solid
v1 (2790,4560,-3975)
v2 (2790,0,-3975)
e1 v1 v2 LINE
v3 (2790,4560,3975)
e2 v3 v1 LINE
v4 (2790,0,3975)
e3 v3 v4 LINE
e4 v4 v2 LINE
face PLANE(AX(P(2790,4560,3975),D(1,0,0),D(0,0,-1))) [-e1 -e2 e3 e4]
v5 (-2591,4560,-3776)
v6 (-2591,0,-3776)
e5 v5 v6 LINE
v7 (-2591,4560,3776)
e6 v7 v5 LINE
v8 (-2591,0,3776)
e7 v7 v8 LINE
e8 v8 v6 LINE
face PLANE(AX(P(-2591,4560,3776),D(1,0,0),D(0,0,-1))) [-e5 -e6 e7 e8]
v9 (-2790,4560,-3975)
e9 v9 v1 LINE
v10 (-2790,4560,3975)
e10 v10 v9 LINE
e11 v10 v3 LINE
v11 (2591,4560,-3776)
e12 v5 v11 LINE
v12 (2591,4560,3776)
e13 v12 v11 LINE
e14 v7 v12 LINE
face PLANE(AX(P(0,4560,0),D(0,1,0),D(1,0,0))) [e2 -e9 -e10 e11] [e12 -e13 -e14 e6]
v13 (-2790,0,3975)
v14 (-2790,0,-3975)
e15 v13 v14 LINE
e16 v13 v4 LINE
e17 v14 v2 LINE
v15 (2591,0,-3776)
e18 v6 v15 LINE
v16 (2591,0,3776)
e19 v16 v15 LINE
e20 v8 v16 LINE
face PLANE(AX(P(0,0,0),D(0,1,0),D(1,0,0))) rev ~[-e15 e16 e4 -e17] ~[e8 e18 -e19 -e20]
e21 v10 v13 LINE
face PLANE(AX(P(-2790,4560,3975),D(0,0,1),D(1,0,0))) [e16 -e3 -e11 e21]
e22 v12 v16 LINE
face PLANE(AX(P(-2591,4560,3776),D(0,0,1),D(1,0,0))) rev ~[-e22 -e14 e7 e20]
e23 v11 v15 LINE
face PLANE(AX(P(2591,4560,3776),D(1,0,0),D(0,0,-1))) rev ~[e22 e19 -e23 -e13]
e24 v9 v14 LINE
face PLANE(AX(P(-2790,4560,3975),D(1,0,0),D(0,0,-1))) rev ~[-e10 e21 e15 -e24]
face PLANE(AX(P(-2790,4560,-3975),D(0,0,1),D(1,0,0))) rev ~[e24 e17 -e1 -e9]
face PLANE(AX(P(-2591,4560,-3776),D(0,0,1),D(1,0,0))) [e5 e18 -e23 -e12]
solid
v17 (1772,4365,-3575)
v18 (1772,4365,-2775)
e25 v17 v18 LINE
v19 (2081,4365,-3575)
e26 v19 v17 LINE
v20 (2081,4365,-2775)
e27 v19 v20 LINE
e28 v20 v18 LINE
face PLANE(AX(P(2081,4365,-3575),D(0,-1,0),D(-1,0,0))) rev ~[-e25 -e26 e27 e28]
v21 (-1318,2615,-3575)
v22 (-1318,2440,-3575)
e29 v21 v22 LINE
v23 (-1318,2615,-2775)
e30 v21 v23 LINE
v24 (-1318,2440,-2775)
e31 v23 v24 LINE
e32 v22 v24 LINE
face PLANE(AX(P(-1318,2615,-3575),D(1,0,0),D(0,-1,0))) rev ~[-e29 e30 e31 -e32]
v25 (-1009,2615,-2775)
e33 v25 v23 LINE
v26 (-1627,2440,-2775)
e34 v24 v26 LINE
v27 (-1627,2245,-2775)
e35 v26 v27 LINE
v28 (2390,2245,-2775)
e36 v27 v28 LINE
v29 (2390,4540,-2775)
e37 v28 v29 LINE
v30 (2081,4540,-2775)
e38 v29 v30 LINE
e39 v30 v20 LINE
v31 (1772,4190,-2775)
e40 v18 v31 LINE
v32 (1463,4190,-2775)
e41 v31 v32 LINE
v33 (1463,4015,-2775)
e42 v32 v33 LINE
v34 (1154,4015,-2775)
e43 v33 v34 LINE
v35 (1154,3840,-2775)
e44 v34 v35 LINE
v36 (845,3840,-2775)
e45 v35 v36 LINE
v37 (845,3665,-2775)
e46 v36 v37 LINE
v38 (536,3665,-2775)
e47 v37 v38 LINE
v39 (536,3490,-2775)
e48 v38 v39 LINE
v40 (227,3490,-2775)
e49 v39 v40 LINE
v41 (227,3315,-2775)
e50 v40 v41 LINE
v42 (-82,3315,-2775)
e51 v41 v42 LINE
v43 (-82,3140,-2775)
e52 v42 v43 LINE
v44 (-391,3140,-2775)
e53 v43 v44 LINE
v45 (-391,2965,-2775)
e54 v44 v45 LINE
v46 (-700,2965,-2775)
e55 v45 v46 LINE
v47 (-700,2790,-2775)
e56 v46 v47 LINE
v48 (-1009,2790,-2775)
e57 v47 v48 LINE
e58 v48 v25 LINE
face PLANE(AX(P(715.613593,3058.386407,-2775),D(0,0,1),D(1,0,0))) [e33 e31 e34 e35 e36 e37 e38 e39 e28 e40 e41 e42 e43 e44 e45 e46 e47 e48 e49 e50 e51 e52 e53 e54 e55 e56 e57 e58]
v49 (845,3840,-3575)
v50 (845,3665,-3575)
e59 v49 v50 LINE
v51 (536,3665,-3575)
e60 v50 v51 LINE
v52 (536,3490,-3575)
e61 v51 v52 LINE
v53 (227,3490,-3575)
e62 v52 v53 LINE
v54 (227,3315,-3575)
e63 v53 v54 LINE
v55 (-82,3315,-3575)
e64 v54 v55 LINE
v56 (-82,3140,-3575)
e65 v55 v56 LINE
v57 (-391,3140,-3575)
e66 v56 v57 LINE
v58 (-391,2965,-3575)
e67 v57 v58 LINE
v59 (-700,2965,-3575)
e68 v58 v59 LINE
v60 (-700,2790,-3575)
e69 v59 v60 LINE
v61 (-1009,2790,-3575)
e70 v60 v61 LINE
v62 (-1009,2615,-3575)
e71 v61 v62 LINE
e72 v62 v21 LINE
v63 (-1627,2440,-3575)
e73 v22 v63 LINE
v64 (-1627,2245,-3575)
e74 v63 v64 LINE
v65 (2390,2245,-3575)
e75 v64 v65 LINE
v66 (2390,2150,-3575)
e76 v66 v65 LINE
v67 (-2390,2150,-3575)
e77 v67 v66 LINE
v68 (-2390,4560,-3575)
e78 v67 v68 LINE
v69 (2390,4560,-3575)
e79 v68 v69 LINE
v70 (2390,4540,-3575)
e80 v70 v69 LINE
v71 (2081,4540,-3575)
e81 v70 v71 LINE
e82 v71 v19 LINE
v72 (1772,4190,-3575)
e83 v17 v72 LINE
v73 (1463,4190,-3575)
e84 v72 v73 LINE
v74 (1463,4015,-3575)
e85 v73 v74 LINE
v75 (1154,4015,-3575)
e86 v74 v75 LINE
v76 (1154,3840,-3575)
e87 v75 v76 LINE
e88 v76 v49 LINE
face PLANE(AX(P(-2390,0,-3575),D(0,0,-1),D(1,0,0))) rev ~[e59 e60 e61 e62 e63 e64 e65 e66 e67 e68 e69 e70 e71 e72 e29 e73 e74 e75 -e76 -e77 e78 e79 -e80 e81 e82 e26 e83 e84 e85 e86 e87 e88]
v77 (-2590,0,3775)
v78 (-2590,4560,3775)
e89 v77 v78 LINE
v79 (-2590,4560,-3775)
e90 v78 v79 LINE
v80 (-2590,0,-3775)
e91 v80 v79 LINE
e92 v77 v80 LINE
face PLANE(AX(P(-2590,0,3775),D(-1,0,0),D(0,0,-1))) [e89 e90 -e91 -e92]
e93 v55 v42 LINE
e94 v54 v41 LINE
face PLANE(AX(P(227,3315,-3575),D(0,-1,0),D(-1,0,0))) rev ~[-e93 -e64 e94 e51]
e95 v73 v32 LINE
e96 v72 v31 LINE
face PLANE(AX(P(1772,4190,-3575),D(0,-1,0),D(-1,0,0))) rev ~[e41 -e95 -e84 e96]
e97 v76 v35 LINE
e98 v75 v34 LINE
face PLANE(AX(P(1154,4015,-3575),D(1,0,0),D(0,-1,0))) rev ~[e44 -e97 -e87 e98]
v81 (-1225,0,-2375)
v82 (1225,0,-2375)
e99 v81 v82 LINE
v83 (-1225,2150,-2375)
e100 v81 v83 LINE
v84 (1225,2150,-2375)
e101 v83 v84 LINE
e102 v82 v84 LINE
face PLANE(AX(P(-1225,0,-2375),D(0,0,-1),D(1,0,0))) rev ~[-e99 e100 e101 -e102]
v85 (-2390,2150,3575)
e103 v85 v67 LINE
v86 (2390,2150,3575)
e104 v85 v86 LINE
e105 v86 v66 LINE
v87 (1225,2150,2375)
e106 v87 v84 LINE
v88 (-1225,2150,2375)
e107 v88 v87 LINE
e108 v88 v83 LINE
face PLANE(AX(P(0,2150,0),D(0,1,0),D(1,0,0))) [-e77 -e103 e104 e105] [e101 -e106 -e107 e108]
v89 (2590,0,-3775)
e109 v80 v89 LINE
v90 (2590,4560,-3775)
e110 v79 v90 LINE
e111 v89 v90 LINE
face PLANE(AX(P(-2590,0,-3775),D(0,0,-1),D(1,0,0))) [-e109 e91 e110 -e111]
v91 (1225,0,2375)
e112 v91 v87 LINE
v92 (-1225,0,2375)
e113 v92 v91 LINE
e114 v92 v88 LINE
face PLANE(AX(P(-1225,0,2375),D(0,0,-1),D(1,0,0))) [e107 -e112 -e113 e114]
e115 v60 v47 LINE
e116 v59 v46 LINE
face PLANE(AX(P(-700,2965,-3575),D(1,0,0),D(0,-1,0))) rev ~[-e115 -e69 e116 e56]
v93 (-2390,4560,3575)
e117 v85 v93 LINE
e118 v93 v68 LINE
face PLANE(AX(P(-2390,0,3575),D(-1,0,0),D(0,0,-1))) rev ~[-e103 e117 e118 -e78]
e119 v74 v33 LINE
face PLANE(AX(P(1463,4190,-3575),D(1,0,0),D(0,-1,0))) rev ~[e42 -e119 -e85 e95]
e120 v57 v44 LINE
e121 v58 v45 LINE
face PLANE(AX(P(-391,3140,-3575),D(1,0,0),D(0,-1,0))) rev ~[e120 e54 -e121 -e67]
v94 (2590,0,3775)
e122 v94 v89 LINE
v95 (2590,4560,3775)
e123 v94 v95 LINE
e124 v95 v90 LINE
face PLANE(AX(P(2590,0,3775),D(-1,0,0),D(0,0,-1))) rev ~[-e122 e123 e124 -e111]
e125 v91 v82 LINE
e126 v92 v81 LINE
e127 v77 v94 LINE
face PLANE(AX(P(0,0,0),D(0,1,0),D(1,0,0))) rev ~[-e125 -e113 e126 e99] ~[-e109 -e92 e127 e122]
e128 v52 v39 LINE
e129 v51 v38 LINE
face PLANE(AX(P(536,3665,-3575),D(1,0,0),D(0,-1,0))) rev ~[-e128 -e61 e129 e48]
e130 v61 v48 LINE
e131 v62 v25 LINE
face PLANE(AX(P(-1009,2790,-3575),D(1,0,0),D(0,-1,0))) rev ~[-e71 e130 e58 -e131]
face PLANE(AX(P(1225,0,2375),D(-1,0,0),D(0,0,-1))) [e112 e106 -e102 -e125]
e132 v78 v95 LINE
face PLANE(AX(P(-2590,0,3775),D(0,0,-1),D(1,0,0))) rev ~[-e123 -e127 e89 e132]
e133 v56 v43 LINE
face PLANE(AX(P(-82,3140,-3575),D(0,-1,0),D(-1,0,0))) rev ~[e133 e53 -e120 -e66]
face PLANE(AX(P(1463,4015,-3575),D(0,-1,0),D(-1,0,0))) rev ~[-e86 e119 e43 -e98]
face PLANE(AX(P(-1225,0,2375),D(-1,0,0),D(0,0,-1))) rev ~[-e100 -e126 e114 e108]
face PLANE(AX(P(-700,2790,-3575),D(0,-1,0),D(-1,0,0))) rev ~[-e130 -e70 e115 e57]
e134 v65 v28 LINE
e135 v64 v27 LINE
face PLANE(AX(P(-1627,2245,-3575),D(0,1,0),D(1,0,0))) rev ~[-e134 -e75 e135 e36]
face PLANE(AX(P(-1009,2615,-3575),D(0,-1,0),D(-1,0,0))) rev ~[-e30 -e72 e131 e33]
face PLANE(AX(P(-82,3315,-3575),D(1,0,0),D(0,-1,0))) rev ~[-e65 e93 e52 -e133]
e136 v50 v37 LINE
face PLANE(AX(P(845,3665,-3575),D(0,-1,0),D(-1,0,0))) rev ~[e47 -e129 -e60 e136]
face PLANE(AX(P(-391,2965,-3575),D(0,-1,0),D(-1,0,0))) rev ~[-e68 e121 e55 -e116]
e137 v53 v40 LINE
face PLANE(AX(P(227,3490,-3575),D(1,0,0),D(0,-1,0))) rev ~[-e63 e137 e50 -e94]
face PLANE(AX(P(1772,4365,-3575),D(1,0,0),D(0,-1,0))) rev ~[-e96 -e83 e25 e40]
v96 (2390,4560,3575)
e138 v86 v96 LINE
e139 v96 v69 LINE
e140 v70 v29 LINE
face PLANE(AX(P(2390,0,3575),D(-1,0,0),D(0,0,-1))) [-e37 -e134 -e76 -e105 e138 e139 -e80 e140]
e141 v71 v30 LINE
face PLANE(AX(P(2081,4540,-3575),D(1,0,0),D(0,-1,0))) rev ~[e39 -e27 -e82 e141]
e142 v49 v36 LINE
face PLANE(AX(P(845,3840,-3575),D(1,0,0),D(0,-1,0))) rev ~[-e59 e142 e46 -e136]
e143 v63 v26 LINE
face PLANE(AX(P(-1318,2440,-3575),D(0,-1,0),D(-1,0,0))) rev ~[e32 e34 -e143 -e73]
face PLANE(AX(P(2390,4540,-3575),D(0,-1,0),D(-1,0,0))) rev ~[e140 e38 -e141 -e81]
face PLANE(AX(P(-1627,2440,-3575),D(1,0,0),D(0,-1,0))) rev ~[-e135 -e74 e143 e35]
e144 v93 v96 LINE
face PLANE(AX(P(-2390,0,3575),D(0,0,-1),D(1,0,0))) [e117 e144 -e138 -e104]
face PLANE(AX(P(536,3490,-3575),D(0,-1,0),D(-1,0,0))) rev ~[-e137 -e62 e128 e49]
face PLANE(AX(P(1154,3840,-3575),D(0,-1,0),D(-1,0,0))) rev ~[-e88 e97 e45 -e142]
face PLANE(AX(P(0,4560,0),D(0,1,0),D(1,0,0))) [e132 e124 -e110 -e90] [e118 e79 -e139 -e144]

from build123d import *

# Parameters (mm, degrees)
CROQUIS1_W              = 5180
CROQUIS1_H              = 7550
CROQUIS1_W_2            = 4780
CROQUIS1_H_2            = 7150
SALIENTE_EXTRUIR1_DEPTH = 4560
SALIENTE_EXTRUIR2_DEPTH = 800
CROQUIS3_W              = 4780
CROQUIS3_H              = 7150
CROQUIS3_W_2            = 2450
CROQUIS3_H_2            = 4750
SALIENTE_EXTRUIR3_DEPTH = 2150
CROQUIS4_W              = 5580
CROQUIS4_H              = 7950
CROQUIS4_W_2            = 5182
CROQUIS4_H_2            = 7552
SALIENTE_EXTRUIR4_DEPTH = 4560


with BuildPart() as part:
    # Croquis1 → Saliente-Extruir1 (new body)
    with BuildSketch(Plane(origin=(0, 0, 0), x_dir=(1, 0, 0), z_dir=(0, 1, 0))):
        Rectangle(CROQUIS1_W, CROQUIS1_H)
        Rectangle(CROQUIS1_W_2, CROQUIS1_H_2, mode=Mode.SUBTRACT)
    extrude(amount=SALIENTE_EXTRUIR1_DEPTH)

    # Croquis2 → Saliente-Extruir2 (add)
    with BuildSketch(Plane.XY.offset(-3575)):
        Polygon((2390, 4540), (2081, 4540), (2081, 4365), (1772, 4365), (1772, 4190), (1463, 4190), (1463, 4015), (1154, 4015), (1154, 3840), (845, 3840), (845, 3665), (536, 3665), (536, 3490), (227, 3490), (227, 3315), (-82, 3315), (-82, 3140), (-391, 3140), (-391, 2965), (-700, 2965), (-700, 2790), (-1009, 2790), (-1009, 2615), (-1318, 2615), (-1318, 2440), (-1627, 2440), (-1627, 2245), (2390, 2245), align=None)
    extrude(amount=SALIENTE_EXTRUIR2_DEPTH)

    # Croquis3 → Saliente-Extruir3 (add)
    with BuildSketch(Plane(origin=(0, 0, 0), x_dir=(1, 0, 0), z_dir=(0, 1, 0))):
        Rectangle(CROQUIS3_W, CROQUIS3_H)
        Rectangle(CROQUIS3_W_2, CROQUIS3_H_2, mode=Mode.SUBTRACT)
    extrude(amount=SALIENTE_EXTRUIR3_DEPTH)


with BuildPart() as body_2:
    # Croquis4 → Saliente-Extruir4 (new body)
    with BuildSketch(Plane(origin=(0, 4560, 0), x_dir=(1, 0, 0), z_dir=(0, 1, 0))):
        Rectangle(CROQUIS4_W, CROQUIS4_H)
        Rectangle(CROQUIS4_W_2, CROQUIS4_H_2, mode=Mode.SUBTRACT)
    extrude(amount=-SALIENTE_EXTRUIR4_DEPTH)


solid = Compound([part.part, body_2.part])
